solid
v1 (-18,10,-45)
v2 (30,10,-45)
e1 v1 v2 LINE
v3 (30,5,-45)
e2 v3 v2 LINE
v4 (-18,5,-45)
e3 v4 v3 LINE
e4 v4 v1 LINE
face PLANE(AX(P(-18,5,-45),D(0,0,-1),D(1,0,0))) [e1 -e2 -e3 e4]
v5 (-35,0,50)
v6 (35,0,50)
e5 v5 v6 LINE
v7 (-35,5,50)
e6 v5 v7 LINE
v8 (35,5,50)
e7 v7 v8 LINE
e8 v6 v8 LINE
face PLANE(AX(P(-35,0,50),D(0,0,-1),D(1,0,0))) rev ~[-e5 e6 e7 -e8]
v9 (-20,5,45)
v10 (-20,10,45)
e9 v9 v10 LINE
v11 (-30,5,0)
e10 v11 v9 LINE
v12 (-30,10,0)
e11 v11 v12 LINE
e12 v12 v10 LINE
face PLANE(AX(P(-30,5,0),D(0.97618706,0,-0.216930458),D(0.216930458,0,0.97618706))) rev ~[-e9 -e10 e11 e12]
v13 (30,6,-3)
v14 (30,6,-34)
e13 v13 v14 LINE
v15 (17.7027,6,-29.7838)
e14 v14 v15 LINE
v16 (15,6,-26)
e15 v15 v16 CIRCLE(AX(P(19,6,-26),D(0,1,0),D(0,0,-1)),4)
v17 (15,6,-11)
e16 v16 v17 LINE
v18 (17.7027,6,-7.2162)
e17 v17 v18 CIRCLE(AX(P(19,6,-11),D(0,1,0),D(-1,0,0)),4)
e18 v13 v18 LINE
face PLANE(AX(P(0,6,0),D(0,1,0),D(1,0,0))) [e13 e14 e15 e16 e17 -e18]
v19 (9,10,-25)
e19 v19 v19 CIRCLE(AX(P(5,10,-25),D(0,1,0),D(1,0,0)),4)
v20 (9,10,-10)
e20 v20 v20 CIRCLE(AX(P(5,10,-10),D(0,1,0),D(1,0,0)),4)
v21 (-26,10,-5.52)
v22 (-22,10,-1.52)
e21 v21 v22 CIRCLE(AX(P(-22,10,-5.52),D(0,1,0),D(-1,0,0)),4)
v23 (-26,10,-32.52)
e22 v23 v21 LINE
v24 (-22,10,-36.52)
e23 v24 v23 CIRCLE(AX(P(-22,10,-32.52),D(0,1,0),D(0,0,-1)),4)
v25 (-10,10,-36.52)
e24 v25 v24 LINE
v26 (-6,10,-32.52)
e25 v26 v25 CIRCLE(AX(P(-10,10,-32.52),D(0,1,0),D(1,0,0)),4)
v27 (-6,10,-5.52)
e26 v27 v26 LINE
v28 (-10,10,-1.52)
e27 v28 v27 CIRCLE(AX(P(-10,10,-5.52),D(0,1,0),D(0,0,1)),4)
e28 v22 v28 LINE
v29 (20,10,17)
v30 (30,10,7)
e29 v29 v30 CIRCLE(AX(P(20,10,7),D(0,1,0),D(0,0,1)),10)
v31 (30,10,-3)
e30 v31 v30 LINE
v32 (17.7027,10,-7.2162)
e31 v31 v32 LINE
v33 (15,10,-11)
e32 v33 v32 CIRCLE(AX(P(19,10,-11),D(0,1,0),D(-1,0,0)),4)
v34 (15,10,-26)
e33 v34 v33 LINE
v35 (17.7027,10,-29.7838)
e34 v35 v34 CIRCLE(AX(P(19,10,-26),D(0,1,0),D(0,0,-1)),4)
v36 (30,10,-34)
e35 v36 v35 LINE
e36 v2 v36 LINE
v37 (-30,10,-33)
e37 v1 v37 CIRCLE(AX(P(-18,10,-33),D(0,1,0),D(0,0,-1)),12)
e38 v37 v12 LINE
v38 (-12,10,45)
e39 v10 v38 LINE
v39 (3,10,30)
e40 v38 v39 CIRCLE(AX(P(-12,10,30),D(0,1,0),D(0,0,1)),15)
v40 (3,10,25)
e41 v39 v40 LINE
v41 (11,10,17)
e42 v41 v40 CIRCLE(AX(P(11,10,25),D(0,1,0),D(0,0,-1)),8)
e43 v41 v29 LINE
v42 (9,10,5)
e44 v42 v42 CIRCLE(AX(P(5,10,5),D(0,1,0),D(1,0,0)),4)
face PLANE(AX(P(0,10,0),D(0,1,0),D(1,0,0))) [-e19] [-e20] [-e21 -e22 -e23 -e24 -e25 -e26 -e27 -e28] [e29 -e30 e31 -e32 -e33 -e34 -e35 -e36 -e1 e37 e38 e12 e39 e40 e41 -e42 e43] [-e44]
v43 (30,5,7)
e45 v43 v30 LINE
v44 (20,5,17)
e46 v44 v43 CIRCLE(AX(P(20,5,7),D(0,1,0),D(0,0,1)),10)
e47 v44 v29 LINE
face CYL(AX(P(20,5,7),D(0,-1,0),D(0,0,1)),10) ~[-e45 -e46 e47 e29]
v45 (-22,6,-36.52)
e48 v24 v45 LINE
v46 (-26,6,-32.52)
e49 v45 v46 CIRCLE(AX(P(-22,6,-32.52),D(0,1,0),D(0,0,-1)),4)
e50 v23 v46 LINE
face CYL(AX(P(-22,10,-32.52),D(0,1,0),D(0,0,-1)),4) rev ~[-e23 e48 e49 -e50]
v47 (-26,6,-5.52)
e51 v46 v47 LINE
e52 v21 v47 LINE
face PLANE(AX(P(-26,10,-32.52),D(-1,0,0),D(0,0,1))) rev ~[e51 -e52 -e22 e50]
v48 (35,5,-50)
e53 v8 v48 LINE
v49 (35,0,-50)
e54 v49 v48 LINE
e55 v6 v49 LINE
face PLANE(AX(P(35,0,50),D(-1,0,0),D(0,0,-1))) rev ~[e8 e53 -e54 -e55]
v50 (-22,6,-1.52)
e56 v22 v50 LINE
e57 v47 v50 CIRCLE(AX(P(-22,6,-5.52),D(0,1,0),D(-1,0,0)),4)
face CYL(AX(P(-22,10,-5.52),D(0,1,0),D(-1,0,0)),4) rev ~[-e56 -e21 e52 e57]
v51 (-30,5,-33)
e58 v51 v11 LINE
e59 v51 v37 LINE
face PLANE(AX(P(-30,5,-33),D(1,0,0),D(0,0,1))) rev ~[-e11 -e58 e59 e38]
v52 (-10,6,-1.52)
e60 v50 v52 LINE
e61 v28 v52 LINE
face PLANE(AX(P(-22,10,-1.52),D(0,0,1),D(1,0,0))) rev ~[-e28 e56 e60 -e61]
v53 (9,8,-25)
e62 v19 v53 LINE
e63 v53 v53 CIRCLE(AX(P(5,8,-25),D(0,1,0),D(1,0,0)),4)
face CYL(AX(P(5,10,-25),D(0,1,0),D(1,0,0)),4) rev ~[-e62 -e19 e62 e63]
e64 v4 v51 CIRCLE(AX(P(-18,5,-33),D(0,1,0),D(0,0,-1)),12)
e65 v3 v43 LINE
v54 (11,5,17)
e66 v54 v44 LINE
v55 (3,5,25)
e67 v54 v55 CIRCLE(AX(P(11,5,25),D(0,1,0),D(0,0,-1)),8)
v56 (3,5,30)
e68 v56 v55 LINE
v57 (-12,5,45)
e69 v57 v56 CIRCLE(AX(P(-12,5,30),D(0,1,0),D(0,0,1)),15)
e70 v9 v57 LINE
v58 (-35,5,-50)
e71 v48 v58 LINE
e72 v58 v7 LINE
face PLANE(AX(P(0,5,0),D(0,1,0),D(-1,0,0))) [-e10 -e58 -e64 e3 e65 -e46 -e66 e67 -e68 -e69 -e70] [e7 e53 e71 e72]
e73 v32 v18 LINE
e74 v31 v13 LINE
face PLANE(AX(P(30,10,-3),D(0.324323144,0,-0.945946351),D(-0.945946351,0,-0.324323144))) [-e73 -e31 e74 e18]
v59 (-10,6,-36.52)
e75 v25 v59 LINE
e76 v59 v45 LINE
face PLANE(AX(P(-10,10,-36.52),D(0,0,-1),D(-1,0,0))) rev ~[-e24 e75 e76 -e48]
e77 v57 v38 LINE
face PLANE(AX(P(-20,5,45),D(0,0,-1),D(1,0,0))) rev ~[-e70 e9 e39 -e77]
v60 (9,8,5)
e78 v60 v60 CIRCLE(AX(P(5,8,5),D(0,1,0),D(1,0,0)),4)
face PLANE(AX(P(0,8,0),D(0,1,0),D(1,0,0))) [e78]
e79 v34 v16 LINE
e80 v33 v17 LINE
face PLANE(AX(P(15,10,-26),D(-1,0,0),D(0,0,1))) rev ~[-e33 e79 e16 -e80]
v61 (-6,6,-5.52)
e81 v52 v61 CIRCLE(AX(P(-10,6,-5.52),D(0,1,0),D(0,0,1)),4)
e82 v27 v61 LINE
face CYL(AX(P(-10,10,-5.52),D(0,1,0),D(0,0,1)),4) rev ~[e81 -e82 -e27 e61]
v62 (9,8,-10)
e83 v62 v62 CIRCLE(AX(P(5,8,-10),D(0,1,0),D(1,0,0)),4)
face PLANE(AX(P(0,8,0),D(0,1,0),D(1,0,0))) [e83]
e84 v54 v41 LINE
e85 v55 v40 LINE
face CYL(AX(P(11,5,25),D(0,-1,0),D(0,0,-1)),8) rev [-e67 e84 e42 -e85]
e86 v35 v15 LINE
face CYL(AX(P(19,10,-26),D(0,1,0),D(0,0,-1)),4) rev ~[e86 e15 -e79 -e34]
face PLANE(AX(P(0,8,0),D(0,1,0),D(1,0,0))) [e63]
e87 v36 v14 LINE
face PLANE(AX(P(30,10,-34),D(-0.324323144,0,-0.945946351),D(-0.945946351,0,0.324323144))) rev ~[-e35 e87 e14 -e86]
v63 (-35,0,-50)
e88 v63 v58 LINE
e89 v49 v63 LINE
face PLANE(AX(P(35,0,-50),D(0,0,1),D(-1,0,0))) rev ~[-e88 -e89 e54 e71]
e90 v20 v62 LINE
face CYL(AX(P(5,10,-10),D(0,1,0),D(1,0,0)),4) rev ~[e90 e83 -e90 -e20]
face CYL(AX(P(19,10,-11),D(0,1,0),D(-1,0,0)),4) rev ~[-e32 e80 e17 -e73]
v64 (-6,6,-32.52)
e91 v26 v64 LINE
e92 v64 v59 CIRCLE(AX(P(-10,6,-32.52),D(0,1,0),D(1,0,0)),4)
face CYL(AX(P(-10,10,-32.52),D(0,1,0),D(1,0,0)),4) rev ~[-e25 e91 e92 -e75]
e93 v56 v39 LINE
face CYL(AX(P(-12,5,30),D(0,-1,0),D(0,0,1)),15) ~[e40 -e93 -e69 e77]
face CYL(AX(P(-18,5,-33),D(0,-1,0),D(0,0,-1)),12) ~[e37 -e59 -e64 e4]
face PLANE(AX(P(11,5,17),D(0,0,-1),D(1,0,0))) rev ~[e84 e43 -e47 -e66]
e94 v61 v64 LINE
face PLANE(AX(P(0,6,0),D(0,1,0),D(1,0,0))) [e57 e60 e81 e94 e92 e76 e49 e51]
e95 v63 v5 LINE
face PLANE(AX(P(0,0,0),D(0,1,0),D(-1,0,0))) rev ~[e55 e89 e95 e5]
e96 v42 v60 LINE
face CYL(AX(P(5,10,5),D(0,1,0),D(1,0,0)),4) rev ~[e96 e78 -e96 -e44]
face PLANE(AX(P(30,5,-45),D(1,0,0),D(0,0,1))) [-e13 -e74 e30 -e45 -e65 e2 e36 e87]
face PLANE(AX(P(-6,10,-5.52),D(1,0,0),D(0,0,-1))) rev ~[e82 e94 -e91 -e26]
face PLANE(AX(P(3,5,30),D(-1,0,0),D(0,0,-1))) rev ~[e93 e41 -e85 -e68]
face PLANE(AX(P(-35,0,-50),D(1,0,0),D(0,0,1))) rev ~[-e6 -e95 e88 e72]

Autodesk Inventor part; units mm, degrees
ref_plane "YZ Plane" through (0, 0, 0) normal (1, 0, 0) x (0, 1, 0)
ref_plane "XZ Plane" through (0, 0, 0) normal (0, 1, 0) x (-1, 0, 0)
ref_plane "XY Plane" through (0, 0, 0) normal (0, 0, 1) x (1, 0, 0)
sketch "Sketch1" plane through (0, 0, 0) normal (0, 1, 0) x (-1, 0, 0)
  line L0 (35, 50) -> (-35, 50)
  line L1 (-35, 50) -> (-35, -50)
  line L2 (-35, -50) -> (35, -50)
  line L3 (35, -50) -> (35, 50)
  line L4 (35, 50) -> (-35, -50) construction
  line L5 (-35, 50) -> (35, -50) construction
  point P0 (0, 0)
  dimension "d0" = 100
  dimension "d1" = 70
extrude "Extrusion1" add sketch "Sketch1" along normal blind 5
sketch "Sketch2" plane through (0, 5, 0) normal (0, 1, 0) x (1, 0, 0)
  line L0 (30, 45) -> (30, -7)
  line L1 (-18, 45) -> (30, 45)
  line L2 (-35, -50) -> (35, -50) projected
  line L3 (35, -50) -> (35, 50) projected
  arc A0 (-18, 45) -> (-30, 33) centre (-18, 33) ccw
  line L4 (-30, 33) -> (-30, 0)
  line L5 (-30, 0) -> (-20, -45)
  arc A1 (-12, -45) -> (3, -30) centre (-12, -30) ccw
  line L6 (-20, -45) -> (-12, -45)
  line L7 (3, -30) -> (3, -25)
  arc A2 (11, -17) -> (3, -25) centre (11, -25) ccw
  arc A3 (20, -17) -> (30, -7) centre (20, -7) ccw
  line L8 (11, -17) -> (20, -17)
  point P0 (0, 0)
  dimension "d4" = 95
  dimension "d5" = 5
  dimension "d6" = 24
  dimension "d7" = 65
  dimension "d8" = 50
  dimension "d9" = 55
  dimension "d10" = 5
  dimension "d11" = 30
  dimension "d12" = 32
  dimension "d13" = 16
  dimension "d15" = 20
extrude "Extrusion2" add sketch "Sketch2" along normal blind 5
sketch "Sketch3" plane through (0, 10, 0) normal (0, 1, 0) x (1, 0, 0)
  line L0 (-22, 1.52) -> (-10, 1.52)
  line L1 (-6, 5.52) -> (-6, 32.52)
  line L2 (-10, 36.52) -> (-22, 36.52)
  line L3 (-26, 32.52) -> (-26, 5.52)
  line L4 (-23.2444, 1.52) -> (-8.7556, 34.48) construction
  line L5 (-6.9662, 2.9131) -> (-22.5304, 28.9061) construction
  arc A0 (-6, 32.52) -> (-10, 36.52) centre (-10, 32.52) ccw
  arc A1 (-22, 36.52) -> (-26, 32.52) centre (-22, 32.52) ccw
  arc A2 (-26, 5.52) -> (-22, 1.52) centre (-22, 5.52) ccw
  arc A3 (-10, 1.52) -> (-6, 5.52) centre (-10, 5.52) ccw
  line L6 (35, -50) -> (35, 50) projected
  line L7 (-35, -50) -> (35, -50) projected
  line L8 (15, 26) -> (15, 11)
  line L9 (30, 7) -> (30, 30)
  line L10 (30, 30) -> (15, 7) construction
  line L11 (15, 30) -> (30, 7) construction
  line L12 (30, -7) -> (30, 45) projected
  arc A4 (19, 30) -> (15, 26) centre (19, 26) ccw
  arc A5 (15, 11) -> (19, 7) centre (19, 11) ccw
  line L13 (30, 34) -> (17.7027, 29.7838)
  line L14 (30, 3) -> (17.7027, 7.2162)
  line L15 (30, 7) -> (30, 3)
  line L16 (30, 34) -> (30, 30)
  point P0 (0, 0)
  point P1 (-16, 18)
  point P2 (-26, 19.02)
  point P3 (-16, 36.52)
  point P4 (22.5, 18.5)
  point P5 (22.5, 7)
  dimension "d18" = 8
  dimension "d19" = 8
  dimension "d20" = 8
  dimension "d22" = 8
  dimension "d23" = 35
  dimension "d24" = 20
  dimension "d25" = 51
  dimension "d26" = 68
  dimension "d27" = 51
  dimension "d28" = 20
  dimension "d29" = 0
  dimension "d32" = 8
  dimension "d33" = 8
  dimension "d34" = 84
  dimension "d35" = 53
extrude "Extrusion3" cut sketch "Sketch3" against normal blind 4
sketch "Sketch4" plane through (0, 10, 0) normal (0, 1, 0) x (1, 0, 0)
  circle A0 centre (5, -5) radius 4
  circle A1 centre (5, 10) radius 4
  circle A2 centre (5, 25) radius 4
  line L0 (-35, -50) -> (35, -50) projected
  line L1 (35, -50) -> (35, 50) projected
  point P0 (0, 0)
  dimension "d38" = 8
  dimension "d39" = 8
  dimension "d40" = 8
  dimension "d41" = 45
  dimension "d42" = 60
  dimension "d43" = 75
  dimension "d44" = 30
  dimension "d45" = 30
  dimension "d46" = 30
extrude "Extrusion4" cut sketch "Sketch4" against normal blind 2
properties part number "Exercise4"
